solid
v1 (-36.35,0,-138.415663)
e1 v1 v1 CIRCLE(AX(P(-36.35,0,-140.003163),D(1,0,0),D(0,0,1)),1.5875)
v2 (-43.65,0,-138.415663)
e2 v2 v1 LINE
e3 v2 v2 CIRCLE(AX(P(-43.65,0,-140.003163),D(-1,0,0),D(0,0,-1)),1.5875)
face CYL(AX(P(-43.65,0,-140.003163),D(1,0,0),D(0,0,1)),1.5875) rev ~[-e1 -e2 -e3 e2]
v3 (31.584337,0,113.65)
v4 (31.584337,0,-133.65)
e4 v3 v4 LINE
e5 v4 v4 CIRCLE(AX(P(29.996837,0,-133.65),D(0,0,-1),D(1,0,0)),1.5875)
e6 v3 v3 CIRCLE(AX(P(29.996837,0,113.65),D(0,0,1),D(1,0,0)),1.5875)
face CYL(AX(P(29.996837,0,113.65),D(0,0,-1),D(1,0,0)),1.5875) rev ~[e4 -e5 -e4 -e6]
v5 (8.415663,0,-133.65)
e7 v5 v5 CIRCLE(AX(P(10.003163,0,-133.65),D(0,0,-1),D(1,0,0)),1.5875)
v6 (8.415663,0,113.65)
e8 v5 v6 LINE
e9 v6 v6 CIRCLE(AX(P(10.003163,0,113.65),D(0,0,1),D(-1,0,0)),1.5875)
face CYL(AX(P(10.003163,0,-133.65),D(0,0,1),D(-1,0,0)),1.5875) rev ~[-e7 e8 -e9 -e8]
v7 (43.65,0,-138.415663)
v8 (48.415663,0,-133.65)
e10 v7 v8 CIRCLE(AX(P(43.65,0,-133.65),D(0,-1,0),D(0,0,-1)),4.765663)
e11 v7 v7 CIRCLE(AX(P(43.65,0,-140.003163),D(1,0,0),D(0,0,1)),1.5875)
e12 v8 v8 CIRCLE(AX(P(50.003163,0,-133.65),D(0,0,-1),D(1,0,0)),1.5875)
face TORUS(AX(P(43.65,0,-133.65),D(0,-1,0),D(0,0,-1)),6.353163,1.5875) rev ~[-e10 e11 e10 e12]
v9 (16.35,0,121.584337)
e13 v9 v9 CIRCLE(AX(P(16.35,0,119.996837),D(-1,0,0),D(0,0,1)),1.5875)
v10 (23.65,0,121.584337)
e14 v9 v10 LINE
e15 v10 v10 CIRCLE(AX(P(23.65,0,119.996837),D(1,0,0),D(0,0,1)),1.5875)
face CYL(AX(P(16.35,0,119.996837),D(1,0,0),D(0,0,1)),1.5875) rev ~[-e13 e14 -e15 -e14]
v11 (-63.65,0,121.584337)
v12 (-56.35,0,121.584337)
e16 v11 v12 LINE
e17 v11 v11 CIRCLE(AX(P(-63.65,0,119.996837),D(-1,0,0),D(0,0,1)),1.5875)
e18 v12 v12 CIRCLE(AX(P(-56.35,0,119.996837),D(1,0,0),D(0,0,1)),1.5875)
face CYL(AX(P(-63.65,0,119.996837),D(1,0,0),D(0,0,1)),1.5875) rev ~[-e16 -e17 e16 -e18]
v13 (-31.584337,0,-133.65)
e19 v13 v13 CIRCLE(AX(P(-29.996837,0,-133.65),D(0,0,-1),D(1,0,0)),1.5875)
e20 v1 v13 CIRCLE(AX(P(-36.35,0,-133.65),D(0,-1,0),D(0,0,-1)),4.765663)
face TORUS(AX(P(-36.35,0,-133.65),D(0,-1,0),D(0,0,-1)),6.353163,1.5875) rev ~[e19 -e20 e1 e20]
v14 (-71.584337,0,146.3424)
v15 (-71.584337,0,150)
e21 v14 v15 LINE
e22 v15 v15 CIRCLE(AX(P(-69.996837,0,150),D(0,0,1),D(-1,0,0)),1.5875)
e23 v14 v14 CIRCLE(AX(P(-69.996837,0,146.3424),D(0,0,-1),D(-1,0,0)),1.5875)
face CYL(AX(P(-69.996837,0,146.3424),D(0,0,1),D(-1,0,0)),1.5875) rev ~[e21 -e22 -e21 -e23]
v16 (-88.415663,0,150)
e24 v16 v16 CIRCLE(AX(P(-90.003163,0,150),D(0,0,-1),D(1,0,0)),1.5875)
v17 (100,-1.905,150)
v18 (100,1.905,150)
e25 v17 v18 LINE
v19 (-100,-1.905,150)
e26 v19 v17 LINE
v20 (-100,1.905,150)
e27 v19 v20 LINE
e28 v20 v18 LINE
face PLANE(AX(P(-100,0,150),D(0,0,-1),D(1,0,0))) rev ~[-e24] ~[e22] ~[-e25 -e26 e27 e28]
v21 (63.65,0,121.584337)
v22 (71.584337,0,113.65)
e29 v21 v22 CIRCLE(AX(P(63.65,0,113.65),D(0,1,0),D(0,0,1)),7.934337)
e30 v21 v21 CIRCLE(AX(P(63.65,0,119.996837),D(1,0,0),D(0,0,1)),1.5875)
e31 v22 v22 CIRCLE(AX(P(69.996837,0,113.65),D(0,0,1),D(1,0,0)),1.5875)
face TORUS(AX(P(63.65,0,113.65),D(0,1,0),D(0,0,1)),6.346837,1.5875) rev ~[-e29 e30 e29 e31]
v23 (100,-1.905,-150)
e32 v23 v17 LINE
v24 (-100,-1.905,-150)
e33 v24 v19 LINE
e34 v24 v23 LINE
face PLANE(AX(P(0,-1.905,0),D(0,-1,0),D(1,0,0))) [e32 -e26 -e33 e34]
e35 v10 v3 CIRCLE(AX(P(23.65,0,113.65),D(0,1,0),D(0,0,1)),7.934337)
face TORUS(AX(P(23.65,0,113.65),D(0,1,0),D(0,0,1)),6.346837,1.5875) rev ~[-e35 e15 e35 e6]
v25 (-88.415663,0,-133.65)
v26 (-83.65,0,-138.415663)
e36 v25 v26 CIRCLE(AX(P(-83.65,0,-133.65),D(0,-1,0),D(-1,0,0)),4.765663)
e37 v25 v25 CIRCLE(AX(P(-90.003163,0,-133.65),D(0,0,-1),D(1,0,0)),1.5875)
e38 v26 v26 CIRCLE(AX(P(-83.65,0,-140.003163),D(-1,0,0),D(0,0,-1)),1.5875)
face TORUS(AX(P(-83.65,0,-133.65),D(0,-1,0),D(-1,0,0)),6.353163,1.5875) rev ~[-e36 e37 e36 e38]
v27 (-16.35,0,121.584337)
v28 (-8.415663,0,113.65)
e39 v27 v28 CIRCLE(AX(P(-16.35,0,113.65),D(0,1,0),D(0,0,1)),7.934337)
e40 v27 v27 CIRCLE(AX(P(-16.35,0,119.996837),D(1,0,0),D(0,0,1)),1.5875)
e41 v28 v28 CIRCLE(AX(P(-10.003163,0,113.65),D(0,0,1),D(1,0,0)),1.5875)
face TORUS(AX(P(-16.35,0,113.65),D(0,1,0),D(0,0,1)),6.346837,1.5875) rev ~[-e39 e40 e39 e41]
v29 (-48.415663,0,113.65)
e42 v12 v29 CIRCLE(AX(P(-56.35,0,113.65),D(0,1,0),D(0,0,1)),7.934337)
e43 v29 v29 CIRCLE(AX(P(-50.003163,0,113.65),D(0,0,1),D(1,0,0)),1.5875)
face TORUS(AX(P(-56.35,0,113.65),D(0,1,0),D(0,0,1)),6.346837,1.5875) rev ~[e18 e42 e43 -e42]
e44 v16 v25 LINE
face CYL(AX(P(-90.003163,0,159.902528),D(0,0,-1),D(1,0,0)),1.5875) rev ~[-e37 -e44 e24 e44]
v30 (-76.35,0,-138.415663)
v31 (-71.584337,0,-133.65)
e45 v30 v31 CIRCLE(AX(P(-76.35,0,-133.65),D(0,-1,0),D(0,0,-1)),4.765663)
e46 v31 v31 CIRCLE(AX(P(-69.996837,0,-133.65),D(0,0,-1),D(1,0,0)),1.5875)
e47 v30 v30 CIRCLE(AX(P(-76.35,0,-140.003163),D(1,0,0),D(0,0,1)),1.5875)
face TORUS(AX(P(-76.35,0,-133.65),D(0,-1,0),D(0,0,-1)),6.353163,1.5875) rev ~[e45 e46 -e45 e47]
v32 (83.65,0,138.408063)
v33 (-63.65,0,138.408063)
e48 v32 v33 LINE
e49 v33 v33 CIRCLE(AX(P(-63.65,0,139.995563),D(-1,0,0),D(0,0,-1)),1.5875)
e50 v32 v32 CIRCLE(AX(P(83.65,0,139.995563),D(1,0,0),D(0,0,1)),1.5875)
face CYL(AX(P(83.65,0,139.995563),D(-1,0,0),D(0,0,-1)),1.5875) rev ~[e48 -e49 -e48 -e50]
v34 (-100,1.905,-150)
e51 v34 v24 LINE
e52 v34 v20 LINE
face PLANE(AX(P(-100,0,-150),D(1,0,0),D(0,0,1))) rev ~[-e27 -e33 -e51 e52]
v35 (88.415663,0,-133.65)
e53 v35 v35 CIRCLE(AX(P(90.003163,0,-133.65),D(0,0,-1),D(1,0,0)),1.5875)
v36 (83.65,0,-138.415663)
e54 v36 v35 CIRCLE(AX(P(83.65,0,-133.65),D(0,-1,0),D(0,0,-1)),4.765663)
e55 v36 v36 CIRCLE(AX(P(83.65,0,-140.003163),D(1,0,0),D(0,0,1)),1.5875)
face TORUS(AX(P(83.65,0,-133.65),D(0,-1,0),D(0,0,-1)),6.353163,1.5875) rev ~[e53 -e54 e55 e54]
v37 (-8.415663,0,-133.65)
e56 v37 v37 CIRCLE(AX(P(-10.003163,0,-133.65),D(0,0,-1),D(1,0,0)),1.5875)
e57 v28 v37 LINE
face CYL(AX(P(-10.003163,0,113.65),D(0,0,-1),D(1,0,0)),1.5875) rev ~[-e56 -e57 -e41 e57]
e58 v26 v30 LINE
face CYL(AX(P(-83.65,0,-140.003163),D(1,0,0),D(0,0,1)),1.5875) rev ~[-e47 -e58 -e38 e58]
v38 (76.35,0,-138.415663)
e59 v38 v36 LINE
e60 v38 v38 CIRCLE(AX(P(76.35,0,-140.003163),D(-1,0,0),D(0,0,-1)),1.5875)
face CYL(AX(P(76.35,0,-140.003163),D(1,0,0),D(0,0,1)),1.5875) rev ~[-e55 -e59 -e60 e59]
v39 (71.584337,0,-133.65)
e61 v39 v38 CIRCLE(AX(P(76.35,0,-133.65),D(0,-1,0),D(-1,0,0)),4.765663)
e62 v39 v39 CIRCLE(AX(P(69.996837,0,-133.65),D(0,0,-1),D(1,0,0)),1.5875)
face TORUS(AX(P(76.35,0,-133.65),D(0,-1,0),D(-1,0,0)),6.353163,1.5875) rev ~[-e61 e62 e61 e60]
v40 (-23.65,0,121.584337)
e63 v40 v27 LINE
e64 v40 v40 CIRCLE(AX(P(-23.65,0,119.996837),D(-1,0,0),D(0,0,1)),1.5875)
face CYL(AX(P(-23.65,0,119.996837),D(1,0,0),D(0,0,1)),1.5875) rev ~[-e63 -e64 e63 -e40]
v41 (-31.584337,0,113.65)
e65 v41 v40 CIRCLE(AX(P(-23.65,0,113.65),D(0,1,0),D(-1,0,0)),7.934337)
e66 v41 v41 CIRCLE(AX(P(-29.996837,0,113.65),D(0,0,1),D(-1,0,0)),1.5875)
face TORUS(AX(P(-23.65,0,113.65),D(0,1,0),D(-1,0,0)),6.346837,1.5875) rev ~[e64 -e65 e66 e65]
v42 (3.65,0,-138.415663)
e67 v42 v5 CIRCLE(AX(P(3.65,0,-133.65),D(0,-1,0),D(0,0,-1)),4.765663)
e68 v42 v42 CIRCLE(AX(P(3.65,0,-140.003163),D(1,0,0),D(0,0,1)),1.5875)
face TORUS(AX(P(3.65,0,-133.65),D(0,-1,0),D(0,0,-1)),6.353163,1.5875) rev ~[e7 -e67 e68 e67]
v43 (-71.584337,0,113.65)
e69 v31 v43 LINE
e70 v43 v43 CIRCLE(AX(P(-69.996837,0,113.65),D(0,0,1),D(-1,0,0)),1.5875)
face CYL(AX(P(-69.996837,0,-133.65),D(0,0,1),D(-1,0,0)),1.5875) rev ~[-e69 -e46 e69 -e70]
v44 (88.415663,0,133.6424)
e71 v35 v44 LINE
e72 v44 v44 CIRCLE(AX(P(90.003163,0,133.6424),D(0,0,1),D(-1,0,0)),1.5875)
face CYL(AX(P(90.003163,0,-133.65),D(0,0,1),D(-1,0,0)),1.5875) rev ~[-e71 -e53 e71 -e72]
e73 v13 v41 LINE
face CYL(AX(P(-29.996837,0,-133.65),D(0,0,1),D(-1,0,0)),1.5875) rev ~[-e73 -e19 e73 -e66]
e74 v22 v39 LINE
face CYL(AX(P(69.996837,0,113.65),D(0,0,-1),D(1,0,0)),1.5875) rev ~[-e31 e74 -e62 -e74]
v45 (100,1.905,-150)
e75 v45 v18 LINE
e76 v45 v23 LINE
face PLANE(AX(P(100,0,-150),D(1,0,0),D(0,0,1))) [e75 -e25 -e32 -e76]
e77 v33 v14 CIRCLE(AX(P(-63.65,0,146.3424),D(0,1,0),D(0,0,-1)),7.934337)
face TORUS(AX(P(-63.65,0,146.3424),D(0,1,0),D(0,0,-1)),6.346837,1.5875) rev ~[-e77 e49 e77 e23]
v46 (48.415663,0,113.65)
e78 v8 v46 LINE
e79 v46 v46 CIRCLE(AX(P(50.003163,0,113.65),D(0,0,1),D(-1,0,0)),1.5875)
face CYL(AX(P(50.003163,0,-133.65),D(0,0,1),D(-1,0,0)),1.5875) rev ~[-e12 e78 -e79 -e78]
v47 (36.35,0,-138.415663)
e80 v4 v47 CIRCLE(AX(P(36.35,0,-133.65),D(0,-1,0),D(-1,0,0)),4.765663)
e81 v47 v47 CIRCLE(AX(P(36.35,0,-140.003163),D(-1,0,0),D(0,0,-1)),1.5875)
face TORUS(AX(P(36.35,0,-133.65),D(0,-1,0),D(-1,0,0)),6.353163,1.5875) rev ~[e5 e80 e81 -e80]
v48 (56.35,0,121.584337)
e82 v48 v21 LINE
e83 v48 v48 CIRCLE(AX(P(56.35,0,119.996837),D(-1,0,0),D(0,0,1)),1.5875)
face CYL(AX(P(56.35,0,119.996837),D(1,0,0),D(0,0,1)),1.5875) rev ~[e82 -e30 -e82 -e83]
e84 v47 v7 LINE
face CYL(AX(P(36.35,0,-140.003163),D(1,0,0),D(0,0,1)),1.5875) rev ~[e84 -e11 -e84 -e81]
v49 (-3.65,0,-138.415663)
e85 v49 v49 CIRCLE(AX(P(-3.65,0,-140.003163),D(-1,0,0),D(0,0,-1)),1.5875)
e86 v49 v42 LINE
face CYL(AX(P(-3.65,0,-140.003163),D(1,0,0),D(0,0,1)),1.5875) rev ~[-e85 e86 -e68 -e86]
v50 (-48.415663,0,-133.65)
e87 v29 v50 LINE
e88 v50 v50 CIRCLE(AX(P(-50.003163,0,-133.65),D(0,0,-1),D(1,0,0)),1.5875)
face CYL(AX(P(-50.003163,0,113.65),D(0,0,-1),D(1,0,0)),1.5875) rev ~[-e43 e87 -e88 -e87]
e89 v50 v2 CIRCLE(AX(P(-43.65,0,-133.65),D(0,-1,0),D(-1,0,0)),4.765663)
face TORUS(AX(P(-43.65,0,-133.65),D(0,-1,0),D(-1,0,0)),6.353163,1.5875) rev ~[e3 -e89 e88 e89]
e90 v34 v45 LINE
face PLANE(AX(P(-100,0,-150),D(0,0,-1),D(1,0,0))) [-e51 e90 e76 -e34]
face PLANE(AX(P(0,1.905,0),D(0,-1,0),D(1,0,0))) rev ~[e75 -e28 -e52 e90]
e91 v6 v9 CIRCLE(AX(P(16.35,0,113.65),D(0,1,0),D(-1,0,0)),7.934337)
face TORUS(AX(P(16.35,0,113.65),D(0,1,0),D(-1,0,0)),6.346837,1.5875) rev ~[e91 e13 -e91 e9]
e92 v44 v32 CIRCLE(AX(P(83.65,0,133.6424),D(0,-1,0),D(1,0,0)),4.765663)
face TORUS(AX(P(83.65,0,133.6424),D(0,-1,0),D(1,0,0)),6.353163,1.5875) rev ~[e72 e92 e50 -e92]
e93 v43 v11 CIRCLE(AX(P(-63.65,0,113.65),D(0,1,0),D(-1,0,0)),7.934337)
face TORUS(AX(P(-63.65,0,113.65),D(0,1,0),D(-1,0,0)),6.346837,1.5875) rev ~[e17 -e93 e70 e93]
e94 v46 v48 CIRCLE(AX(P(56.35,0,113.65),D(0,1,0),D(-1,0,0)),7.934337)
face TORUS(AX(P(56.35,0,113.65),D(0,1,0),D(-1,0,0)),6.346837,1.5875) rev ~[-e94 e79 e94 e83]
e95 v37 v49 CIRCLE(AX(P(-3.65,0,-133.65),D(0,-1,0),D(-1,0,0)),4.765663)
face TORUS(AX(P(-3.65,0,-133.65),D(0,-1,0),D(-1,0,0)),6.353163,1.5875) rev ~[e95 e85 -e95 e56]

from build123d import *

# Parameters (mm, degrees)
F0_W     = 200
F0_H     = 300
F2_DEPTH = 1.905
F4_R     = 1.5875


with BuildPart() as f2:
    # F0 (on Front) → F2 (new body, symmetric)
    with BuildSketch(Plane.XZ):
        Rectangle(F0_W, F0_H)
    extrude(amount=F2_DEPTH, both=True)

    # F5: sweep along a path in F1
    with BuildLine(Plane.XZ) as f5_path:
        Line((-90, 159.9025279284), (-90, -133.65))
        ThreePointArc((-90, -133.65), (-88.1401280605, -138.1401280605), (-83.65, -140))
        Line((-83.65, -140), (-76.35, -140))
        ThreePointArc((-76.35, -140), (-71.8598719395, -138.1401280605), (-70, -133.65))
        Line((-70, -133.65), (-70, 113.65))
        ThreePointArc((-70, 113.65), (-68.1401280605, 118.1401280605), (-63.65, 120))
        Line((-63.65, 120), (-56.35, 120))
        ThreePointArc((-56.35, 120), (-51.8598719395, 118.1401280605), (-50, 113.65))
        Line((-50, 113.65), (-50, -133.65))
        ThreePointArc((-50, -133.65), (-48.1401280605, -138.1401280605), (-43.65, -140))
        Line((-43.65, -140), (-36.35, -140))
        ThreePointArc((-36.35, -140), (-31.8598719395, -138.1401280605), (-30, -133.65))
        Line((-30, -133.65), (-30, 113.65))
        ThreePointArc((-30, 113.65), (-28.1401280605, 118.1401280605), (-23.65, 120))
        Line((-23.65, 120), (-16.35, 120))
        ThreePointArc((-16.35, 120), (-11.8598719395, 118.1401280605), (-10, 113.65))
        Line((-10, 113.65), (-10, -133.65))
        ThreePointArc((-10, -133.65), (-8.1401280605, -138.1401280605), (-3.65, -140))
        Line((-3.65, -140), (3.65, -140))
        ThreePointArc((3.65, -140), (8.1401280605, -138.1401280605), (10, -133.65))
        Line((10, -133.65), (10, 113.65))
        ThreePointArc((10, 113.65), (11.8598719395, 118.1401280605), (16.35, 120))
        Line((16.35, 120), (23.65, 120))
        ThreePointArc((23.65, 120), (28.1401280605, 118.1401280605), (30, 113.65))
        Line((30, 113.65), (30, -133.65))
        ThreePointArc((30, -133.65), (31.8598719395, -138.1401280605), (36.35, -140))
        Line((36.35, -140), (43.65, -140))
        ThreePointArc((43.65, -140), (48.1401280605, -138.1401280605), (50, -133.65))
        Line((50, -133.65), (50, 113.65))
        ThreePointArc((50, 113.65), (51.8598719395, 118.1401280605), (56.35, 120))
        Line((56.35, 120), (63.65, 120))
        ThreePointArc((63.65, 120), (68.1401280605, 118.1401280605), (70, 113.65))
        Line((70, 113.65), (70, -133.65))
        ThreePointArc((70, -133.65), (71.8598719395, -138.1401280605), (76.35, -140))
        Line((76.35, -140), (83.65, -140))
        ThreePointArc((83.65, -140), (88.1401280605, -138.1401280605), (90, -133.65))
        Line((90, -133.65), (90, 133.6424))
        ThreePointArc((90, 133.6424), (88.1401280605, 138.1325280605), (83.65, 139.9924))
        Line((83.65, 139.9924), (-63.65, 139.9924))
        ThreePointArc((-63.65, 139.9924), (-68.1401280605, 141.8522719395), (-70, 146.3424))
        Line((-70, 146.3424), (-70, 159.9025279284))
    # F4 (on plane+point) → F5 (sweep, cut)
    with BuildSketch(Plane.XY.offset(159.9025279284)):
        with Locations((-90.0031626225, 0)):
            Circle(F4_R)
    sweep(path=f5_path.line, mode=Mode.SUBTRACT)


solid = f2.part
